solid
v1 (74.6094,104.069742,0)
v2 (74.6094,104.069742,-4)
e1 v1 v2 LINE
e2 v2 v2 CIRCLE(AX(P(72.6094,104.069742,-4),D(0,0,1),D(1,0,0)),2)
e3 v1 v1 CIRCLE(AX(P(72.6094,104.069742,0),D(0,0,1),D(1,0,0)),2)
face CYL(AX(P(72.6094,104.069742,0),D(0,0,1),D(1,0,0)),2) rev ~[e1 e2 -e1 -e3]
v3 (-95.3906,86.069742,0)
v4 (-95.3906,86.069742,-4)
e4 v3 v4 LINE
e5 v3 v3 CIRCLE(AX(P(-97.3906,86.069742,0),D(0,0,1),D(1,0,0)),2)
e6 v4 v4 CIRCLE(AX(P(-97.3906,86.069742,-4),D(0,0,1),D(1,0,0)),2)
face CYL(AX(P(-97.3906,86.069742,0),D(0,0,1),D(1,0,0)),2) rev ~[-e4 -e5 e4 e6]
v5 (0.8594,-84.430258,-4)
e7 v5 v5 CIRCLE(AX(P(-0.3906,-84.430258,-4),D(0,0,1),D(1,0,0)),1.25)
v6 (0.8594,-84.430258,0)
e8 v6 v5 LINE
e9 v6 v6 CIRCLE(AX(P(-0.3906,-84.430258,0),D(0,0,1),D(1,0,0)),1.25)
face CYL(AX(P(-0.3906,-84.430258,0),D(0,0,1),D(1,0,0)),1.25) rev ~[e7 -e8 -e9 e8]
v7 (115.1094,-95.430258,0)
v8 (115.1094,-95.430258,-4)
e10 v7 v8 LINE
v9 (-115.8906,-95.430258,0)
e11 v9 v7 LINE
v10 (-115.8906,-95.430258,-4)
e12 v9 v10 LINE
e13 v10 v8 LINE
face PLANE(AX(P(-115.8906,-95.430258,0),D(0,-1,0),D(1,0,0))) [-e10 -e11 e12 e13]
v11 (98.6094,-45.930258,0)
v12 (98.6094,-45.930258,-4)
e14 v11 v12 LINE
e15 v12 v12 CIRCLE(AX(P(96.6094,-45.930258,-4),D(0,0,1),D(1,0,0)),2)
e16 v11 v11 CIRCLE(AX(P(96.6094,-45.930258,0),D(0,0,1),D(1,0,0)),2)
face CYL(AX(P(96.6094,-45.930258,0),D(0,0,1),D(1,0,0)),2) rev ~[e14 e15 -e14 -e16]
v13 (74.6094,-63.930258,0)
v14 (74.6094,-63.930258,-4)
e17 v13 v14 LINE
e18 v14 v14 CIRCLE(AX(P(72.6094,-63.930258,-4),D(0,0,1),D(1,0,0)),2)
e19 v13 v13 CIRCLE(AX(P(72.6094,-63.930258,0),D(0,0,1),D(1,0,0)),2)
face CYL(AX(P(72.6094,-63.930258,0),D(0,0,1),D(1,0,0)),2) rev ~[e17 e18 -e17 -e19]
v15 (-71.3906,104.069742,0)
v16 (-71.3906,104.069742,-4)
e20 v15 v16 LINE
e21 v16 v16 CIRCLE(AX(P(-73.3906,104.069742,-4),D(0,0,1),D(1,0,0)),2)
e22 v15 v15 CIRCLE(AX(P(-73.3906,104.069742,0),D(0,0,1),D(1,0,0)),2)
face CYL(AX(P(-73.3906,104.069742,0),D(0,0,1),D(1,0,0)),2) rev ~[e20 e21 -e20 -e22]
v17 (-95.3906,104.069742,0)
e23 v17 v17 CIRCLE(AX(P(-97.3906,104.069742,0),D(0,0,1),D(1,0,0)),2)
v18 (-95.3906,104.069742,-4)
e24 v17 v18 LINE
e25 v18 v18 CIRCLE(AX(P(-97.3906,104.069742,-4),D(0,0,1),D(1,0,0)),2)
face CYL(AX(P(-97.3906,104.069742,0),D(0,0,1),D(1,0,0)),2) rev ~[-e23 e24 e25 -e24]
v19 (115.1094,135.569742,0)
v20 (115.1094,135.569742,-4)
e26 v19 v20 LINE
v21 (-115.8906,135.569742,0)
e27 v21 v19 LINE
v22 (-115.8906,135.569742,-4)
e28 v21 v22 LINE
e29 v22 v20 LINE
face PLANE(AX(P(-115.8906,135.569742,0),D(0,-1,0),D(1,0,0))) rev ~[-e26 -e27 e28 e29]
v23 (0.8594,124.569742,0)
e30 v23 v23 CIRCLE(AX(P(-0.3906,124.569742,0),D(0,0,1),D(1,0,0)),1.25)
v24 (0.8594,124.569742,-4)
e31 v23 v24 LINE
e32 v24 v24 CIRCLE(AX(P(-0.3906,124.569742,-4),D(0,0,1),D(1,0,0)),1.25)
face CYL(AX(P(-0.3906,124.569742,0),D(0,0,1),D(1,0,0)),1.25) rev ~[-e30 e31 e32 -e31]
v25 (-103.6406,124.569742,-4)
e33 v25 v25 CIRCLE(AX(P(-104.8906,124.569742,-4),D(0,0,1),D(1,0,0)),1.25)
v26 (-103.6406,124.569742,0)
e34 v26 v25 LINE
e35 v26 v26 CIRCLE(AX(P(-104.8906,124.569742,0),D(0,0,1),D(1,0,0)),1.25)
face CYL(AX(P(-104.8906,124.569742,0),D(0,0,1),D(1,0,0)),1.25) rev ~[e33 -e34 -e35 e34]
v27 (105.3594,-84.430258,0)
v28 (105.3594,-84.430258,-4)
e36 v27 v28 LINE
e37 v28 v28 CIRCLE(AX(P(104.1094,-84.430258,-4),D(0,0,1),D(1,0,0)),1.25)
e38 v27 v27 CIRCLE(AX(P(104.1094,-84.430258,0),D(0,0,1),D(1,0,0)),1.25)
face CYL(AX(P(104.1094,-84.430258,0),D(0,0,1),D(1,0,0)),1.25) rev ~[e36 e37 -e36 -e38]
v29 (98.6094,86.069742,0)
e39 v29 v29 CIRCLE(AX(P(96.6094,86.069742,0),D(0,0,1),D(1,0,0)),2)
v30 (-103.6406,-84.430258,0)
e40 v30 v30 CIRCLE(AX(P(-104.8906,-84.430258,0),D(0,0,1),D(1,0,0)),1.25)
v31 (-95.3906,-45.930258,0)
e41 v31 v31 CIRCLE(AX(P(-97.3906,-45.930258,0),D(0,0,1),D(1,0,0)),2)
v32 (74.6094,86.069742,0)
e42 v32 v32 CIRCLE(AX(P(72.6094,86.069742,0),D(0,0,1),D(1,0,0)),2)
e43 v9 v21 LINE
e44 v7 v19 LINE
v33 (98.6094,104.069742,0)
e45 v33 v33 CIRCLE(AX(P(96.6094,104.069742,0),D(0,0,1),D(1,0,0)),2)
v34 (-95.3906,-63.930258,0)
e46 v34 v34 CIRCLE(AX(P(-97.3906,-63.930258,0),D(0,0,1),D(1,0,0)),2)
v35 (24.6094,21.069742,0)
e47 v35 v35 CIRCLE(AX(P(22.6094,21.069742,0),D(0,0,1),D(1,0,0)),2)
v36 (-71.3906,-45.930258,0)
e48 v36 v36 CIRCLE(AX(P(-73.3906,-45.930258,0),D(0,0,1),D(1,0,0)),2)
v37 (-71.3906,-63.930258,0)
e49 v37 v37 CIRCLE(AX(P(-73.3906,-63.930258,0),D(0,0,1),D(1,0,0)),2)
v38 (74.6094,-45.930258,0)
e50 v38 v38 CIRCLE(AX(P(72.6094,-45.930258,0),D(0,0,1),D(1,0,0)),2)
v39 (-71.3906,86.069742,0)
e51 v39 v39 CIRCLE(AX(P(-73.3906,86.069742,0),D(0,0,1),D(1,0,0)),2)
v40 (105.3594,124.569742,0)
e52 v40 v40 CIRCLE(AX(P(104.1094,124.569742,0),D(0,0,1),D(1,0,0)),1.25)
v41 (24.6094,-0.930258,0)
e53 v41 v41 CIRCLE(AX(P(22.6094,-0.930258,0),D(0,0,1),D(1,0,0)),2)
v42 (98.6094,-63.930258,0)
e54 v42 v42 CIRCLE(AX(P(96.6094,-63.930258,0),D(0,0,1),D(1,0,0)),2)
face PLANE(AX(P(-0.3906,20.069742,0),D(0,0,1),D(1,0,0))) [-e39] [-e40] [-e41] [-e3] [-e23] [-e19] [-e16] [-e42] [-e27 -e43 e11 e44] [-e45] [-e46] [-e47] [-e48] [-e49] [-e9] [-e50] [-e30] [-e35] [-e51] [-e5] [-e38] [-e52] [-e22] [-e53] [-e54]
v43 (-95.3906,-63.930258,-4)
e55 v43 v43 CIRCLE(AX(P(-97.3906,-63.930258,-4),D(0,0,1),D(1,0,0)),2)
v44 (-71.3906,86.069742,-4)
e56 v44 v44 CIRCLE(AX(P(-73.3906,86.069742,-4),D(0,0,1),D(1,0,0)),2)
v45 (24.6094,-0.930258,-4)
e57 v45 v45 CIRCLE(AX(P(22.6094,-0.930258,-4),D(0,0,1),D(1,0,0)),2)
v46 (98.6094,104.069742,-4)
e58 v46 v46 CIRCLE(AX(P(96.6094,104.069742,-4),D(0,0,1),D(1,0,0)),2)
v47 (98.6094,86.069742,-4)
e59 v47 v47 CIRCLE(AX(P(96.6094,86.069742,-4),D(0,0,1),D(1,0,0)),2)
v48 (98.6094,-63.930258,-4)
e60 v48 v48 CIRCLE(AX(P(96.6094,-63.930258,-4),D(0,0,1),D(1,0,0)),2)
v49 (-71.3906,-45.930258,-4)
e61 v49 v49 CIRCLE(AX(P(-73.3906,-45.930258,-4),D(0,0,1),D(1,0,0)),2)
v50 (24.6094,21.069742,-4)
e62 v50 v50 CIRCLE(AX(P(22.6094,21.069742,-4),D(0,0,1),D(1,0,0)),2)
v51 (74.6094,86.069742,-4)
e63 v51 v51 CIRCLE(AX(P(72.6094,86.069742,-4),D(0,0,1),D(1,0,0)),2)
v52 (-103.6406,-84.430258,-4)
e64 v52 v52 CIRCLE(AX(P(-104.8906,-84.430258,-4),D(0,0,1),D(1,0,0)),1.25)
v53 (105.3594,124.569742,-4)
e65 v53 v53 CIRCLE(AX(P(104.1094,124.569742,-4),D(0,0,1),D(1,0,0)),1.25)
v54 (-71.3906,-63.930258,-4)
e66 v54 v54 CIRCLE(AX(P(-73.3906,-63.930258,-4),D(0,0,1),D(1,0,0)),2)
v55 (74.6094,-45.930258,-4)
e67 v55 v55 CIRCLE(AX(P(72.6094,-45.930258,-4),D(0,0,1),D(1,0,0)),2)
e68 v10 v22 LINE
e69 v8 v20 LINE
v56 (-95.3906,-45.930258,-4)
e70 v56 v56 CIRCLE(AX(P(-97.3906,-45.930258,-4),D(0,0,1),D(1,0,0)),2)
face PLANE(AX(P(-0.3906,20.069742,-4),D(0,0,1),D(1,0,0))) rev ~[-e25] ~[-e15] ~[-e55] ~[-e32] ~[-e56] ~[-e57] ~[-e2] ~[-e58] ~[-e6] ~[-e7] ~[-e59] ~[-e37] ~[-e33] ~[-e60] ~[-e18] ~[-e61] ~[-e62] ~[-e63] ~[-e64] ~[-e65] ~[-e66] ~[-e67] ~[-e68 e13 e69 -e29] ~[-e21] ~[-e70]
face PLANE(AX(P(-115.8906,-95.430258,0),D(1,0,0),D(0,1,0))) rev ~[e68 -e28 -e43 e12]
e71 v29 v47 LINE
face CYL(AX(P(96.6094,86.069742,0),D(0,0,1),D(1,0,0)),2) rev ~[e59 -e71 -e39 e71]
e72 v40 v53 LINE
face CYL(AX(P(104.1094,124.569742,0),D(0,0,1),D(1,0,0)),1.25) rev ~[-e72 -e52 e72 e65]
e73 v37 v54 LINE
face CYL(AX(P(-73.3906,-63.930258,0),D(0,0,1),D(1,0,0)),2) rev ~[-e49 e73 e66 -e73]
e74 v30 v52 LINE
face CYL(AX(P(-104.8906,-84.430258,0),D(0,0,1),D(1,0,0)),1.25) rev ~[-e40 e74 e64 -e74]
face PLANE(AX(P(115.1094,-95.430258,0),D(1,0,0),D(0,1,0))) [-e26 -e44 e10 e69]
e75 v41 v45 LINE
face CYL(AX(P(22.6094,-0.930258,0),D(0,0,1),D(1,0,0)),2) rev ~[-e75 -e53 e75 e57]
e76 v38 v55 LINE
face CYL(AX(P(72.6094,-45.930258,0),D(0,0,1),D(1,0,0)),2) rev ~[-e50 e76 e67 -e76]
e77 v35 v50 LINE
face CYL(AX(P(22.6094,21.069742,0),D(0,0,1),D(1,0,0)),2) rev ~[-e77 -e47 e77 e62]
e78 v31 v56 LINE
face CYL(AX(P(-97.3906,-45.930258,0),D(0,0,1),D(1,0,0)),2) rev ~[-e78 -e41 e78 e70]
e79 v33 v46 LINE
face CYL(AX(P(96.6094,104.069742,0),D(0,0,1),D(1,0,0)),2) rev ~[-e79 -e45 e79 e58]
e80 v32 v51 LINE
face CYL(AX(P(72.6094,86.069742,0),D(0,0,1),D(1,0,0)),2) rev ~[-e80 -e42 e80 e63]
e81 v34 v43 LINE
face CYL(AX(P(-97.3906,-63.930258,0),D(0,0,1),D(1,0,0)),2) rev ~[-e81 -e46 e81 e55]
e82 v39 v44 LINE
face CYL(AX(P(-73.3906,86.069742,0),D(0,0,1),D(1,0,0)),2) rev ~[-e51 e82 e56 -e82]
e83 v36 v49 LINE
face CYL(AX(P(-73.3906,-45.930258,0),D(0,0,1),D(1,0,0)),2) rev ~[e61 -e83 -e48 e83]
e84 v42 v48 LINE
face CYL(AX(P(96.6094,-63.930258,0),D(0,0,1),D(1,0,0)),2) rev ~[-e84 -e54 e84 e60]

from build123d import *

# Parameters (mm, degrees)
F0_W     = 231
F0_H     = 231
F1_DEPTH = 4
F2_W     = 231
F2_H     = 231
F2_R     = 1.25
F2_R_2   = 2
F3_DEPTH = 4


with BuildPart() as f1:
    # F0 (on Top) → F1 (new body)
    with BuildSketch(Plane.XY):
        with Locations((-0.3906, 20.069742)):
            Rectangle(F0_W, F0_H)
    extrude(amount=-F1_DEPTH)

    # F2 (on face) → F3 (intersect)
    with BuildSketch(Plane.XY):
        with Locations((-0.3906, 20.069742)):
            Rectangle(F2_W, F2_H)
        with Locations((-104.8906, -84.430258)):
            Circle(F2_R, mode=Mode.SUBTRACT)
        with Locations((-97.3906, -63.930258)):
            Circle(F2_R_2, mode=Mode.SUBTRACT)
        with Locations((-97.3906, -45.930258)):
            Circle(F2_R_2, mode=Mode.SUBTRACT)
        with Locations((-73.3906, -63.930258)):
            Circle(F2_R_2, mode=Mode.SUBTRACT)
        with Locations((-73.3906, -45.930258)):
            Circle(F2_R_2, mode=Mode.SUBTRACT)
        with Locations((-0.3906, -84.430258)):
            Circle(F2_R, mode=Mode.SUBTRACT)
        with Locations((104.1094, -84.430258)):
            Circle(F2_R, mode=Mode.SUBTRACT)
        with Locations((72.6094, -63.930258)):
            Circle(F2_R_2, mode=Mode.SUBTRACT)
        with Locations((72.6094, -45.930258)):
            Circle(F2_R_2, mode=Mode.SUBTRACT)
        with Locations((96.6094, -63.930258)):
            Circle(F2_R_2, mode=Mode.SUBTRACT)
        with Locations((96.6094, -45.930258)):
            Circle(F2_R_2, mode=Mode.SUBTRACT)
        with Locations((22.6094, -0.930258)):
            Circle(F2_R_2, mode=Mode.SUBTRACT)
        with Locations((-97.3906, 86.069742)):
            Circle(F2_R_2, mode=Mode.SUBTRACT)
        with Locations((-97.3906, 104.069742)):
            Circle(F2_R_2, mode=Mode.SUBTRACT)
        with Locations((-73.3906, 86.069742)):
            Circle(F2_R_2, mode=Mode.SUBTRACT)
        with Locations((-73.3906, 104.069742)):
            Circle(F2_R_2, mode=Mode.SUBTRACT)
        with Locations((-104.8906, 124.569742)):
            Circle(F2_R, mode=Mode.SUBTRACT)
        with Locations((22.6094, 21.069742)):
            Circle(F2_R_2, mode=Mode.SUBTRACT)
        with Locations((-0.3906, 124.569742)):
            Circle(F2_R, mode=Mode.SUBTRACT)
        with Locations((72.6094, 86.069742)):
            Circle(F2_R_2, mode=Mode.SUBTRACT)
        with Locations((72.6094, 104.069742)):
            Circle(F2_R_2, mode=Mode.SUBTRACT)
        with Locations((96.6094, 86.069742)):
            Circle(F2_R_2, mode=Mode.SUBTRACT)
        with Locations((96.6094, 104.069742)):
            Circle(F2_R_2, mode=Mode.SUBTRACT)
        with Locations((104.1094, 124.569742)):
            Circle(F2_R, mode=Mode.SUBTRACT)
    extrude(amount=-F3_DEPTH, mode=Mode.INTERSECT)


solid = f1.part
